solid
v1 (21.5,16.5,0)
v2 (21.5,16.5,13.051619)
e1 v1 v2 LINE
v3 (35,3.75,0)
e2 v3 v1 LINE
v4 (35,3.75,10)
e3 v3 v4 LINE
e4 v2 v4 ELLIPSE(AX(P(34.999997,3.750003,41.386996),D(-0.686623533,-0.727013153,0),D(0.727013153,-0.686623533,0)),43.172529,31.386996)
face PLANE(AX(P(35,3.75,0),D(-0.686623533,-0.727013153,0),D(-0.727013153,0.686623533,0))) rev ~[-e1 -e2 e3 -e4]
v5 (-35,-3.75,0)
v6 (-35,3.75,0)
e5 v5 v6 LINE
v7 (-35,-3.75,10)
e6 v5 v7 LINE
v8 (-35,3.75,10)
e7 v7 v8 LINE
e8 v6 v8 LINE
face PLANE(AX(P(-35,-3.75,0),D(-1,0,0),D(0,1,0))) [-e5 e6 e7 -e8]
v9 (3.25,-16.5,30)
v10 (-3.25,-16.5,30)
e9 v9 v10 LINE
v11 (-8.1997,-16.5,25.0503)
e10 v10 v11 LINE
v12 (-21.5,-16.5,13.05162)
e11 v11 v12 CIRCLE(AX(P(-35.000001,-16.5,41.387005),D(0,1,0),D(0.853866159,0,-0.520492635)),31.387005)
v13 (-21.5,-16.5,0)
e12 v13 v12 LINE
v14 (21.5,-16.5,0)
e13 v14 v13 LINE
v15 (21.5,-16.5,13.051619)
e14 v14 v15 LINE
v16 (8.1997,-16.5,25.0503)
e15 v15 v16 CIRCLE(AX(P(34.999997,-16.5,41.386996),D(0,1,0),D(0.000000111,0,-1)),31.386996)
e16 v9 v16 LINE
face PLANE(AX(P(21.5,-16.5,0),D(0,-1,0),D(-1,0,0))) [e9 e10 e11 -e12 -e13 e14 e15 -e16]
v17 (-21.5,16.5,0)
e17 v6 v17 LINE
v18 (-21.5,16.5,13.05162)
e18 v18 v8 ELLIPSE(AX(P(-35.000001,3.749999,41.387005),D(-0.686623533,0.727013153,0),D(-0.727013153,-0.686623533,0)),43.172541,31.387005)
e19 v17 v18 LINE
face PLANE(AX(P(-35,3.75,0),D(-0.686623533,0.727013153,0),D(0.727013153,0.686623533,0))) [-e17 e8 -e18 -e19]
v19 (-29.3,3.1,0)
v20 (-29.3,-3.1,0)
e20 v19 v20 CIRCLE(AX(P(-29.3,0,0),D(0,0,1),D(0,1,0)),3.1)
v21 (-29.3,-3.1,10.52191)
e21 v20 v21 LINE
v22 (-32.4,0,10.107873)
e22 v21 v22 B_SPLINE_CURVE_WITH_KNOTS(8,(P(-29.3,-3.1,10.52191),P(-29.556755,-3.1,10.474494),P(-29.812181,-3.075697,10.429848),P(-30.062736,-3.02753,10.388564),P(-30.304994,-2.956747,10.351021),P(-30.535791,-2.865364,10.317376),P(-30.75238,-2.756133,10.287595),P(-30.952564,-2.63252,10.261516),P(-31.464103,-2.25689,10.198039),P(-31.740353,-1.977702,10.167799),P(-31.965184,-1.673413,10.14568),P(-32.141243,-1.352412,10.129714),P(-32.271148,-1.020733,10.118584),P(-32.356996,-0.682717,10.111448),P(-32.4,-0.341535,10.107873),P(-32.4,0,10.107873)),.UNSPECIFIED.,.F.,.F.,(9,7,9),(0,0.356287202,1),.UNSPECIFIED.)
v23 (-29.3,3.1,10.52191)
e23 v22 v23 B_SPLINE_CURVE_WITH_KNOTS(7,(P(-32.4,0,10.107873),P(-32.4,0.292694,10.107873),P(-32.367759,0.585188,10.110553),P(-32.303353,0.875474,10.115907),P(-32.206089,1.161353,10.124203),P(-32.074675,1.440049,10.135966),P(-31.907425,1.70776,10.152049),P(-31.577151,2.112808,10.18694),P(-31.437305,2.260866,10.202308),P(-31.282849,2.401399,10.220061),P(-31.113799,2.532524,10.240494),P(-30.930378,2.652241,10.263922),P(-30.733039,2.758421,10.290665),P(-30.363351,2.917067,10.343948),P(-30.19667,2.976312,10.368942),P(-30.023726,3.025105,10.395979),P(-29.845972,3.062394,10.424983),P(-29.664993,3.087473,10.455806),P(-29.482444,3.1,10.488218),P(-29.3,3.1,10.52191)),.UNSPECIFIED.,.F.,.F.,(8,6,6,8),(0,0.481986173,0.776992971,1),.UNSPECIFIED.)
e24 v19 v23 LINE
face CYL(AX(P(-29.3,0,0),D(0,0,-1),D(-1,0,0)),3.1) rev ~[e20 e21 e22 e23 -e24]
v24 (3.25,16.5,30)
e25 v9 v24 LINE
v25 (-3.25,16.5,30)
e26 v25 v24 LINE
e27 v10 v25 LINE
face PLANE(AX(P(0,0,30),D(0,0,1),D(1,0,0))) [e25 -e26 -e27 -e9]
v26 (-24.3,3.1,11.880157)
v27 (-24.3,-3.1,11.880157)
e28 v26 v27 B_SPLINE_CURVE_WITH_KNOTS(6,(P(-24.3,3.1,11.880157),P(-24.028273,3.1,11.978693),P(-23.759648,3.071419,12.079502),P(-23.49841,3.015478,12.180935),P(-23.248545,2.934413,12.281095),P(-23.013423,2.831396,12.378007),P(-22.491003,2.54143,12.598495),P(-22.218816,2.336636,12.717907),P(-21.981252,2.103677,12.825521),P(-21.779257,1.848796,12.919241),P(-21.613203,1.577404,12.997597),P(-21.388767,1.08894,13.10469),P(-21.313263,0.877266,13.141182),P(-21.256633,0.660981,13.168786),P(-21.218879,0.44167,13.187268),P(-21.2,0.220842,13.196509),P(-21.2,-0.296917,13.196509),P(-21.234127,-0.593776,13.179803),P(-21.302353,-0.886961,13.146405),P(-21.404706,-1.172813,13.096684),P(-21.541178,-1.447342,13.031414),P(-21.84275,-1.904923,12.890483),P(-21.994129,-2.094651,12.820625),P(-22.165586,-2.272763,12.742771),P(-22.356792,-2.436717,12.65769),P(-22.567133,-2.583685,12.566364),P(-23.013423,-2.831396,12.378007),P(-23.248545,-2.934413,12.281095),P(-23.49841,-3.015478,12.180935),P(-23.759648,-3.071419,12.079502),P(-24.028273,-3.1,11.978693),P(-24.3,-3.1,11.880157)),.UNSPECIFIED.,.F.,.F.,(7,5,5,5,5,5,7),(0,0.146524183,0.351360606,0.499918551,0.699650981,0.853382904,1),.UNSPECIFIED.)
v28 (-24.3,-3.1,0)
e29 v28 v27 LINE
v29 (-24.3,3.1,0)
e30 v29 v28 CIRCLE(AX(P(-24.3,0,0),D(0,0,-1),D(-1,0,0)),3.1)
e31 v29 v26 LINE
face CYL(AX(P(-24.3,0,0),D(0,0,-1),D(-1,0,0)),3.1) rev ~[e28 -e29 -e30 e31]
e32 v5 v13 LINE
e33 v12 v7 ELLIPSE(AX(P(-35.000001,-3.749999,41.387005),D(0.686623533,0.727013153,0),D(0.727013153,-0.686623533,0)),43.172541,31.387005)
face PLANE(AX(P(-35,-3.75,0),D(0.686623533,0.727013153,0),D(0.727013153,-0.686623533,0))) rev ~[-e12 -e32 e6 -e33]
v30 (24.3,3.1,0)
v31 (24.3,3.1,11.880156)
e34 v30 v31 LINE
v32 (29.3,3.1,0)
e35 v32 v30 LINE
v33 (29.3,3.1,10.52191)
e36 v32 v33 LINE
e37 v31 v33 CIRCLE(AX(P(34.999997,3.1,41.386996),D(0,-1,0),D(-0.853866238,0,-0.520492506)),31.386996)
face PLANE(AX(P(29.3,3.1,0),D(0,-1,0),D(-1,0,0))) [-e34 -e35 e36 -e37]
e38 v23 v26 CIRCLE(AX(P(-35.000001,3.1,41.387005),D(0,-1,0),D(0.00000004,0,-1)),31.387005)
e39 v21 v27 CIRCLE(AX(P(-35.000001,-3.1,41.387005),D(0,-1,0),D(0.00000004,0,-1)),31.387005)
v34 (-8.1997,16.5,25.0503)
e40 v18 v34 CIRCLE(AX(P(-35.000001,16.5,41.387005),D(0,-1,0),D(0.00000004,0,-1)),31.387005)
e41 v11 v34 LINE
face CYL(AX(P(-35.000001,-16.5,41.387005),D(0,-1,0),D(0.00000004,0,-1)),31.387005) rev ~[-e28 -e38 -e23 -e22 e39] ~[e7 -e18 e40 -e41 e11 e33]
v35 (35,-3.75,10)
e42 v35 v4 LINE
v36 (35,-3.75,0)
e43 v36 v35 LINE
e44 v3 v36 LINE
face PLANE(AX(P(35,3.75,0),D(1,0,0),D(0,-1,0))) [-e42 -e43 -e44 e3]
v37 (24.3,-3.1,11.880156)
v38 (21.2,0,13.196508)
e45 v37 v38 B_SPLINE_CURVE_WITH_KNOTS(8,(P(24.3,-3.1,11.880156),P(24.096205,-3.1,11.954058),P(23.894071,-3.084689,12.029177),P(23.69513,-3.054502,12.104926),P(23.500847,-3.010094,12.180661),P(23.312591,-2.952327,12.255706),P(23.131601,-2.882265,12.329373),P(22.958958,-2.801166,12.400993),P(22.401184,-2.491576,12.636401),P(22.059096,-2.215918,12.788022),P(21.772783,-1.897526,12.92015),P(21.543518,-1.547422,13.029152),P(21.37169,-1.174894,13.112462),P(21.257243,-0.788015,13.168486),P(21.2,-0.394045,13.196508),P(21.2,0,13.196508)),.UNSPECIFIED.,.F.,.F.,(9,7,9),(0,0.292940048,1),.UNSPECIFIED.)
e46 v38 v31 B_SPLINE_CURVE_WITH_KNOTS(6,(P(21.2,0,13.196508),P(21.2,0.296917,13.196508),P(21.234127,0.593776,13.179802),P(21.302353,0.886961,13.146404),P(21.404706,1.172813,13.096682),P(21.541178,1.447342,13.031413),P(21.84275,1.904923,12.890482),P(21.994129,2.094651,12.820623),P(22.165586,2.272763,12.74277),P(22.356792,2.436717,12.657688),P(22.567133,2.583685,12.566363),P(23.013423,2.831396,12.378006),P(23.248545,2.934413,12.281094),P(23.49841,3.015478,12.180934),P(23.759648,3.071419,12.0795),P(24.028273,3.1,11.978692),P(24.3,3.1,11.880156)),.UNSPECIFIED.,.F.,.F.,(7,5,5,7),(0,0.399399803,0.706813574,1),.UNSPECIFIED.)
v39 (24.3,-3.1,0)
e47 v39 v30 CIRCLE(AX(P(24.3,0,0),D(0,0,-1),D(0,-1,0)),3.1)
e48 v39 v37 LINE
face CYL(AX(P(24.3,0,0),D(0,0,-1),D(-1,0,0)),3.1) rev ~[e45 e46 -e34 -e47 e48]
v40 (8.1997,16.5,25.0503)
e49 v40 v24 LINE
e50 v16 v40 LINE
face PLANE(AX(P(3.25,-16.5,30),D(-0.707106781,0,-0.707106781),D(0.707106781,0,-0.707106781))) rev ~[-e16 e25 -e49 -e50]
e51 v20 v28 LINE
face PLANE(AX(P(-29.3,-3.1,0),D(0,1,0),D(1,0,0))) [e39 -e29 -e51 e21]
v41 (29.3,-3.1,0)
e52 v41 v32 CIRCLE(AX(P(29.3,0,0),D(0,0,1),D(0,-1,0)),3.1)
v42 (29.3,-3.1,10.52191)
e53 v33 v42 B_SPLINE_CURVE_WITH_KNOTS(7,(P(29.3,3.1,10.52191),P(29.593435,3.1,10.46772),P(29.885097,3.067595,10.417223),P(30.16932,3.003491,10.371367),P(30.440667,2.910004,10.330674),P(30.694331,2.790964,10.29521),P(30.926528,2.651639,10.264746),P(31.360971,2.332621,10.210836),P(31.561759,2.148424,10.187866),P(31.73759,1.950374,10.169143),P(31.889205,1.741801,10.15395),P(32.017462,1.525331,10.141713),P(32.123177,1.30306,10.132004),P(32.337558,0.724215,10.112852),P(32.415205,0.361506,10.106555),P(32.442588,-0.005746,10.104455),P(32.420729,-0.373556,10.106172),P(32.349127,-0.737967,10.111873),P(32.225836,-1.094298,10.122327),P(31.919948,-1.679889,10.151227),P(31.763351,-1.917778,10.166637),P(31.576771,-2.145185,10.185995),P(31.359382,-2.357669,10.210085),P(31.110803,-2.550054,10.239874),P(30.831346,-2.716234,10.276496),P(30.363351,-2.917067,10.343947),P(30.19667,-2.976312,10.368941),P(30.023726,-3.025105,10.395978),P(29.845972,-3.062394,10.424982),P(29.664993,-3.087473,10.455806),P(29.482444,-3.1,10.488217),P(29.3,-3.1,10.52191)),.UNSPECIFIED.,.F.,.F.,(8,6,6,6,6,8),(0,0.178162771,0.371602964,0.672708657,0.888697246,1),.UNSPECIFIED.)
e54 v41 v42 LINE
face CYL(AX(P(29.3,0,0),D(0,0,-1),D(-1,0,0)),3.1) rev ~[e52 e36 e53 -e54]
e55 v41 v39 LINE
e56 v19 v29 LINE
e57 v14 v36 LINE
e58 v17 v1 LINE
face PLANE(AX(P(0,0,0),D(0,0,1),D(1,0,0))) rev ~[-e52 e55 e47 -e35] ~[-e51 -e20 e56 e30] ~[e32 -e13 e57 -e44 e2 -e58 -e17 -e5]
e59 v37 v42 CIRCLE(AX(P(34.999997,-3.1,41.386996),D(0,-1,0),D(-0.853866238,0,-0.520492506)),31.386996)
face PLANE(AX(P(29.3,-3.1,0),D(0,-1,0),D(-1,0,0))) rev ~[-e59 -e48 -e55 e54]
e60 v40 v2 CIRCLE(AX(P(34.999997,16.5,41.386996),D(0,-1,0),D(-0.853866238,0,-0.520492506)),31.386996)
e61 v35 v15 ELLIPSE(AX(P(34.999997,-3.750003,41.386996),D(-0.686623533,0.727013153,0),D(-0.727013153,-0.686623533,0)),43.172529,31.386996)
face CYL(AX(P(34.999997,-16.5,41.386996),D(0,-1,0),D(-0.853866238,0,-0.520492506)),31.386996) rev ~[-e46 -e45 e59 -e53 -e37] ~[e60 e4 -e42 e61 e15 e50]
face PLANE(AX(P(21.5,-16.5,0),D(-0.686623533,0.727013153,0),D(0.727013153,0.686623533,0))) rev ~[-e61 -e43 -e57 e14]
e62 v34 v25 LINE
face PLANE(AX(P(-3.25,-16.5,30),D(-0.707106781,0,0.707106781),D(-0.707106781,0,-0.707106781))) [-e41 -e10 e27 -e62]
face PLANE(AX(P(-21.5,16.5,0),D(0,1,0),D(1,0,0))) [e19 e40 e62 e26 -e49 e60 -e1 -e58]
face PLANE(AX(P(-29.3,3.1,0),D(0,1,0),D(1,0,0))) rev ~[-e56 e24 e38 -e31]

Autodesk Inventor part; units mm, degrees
ref_plane "YZ Plane" through (0, 0, 0) normal (1, 0, 0) x (0, 1, 0)
ref_plane "XZ Plane" through (0, 0, 0) normal (0, 1, 0) x (-1, 0, 0)
ref_plane "XY Plane" through (0, 0, 0) normal (0, 0, 1) x (1, 0, 0)
sketch "Sketch1" plane through (0, 0, 0) normal (0, 0, 1) x (1, 0, 0)
  line L0 (35, -3.75) -> (-35, -3.75)
  line L1 (-35, -3.75) -> (-35, 3.75)
  line L2 (-35, 3.75) -> (35, 3.75)
  line L3 (35, 3.75) -> (35, -3.75)
  line L4 (35, -3.75) -> (-35, 3.75) construction
  line L5 (-35, -3.75) -> (35, 3.75) construction
  line L6 (21.5, -16.5) -> (-21.5, -16.5)
  line L7 (-21.5, -16.5) -> (-21.5, 16.5)
  line L8 (-21.5, 16.5) -> (21.5, 16.5)
  line L9 (21.5, 16.5) -> (21.5, -16.5)
  line L10 (21.5, -16.5) -> (-21.5, 16.5) construction
  line L11 (-21.5, -16.5) -> (21.5, 16.5) construction
  line L12 (-35, -3.75) -> (-21.5, -16.5)
  line L13 (-35, 3.75) -> (-21.5, 16.5)
  arc A0 (32.3113, 4.5234) -> (35, 3.75) centre (34.605, 7.4371) ccw
  line L14 (21.5, -16.5) -> (35, -3.75)
  line L15 (35, 3.75) -> (21.5, 16.5)
  point P0 (0, 0)
  dimension "d0" = 70
  dimension "d1" = 7.5
  dimension "d2" = 43
  dimension "d3" = 33
extrude "Extrusion1" add sketch "Sketch1" along normal blind 30
sketch "Sketch2" plane through (-21.5, -16.5, 0) normal (0, -1, 0) x (1, 0, 0)
  line L0 (43, 30) -> (0, 30) projected
  line L1 (43, 0) -> (0, 0) projected
  line L2 (0, 30) -> (43, 30)
  line L3 (43, 30) -> (43, 0)
  line L4 (43, 0) -> (0, 0)
  line L5 (0, 0) -> (0, 30)
  line L6 (21.5, 30) -> (24.75, 30)
  line L7 (56.5, 0) -> (56.5, 30) projected
  line L8 (56.5, 0) -> (56.5, 10)
  line L9 (24.75, 30) -> (29.6997, 25.0503)
  arc A0 (29.6997, 25.0503) -> (56.5, 10) centre (56.5, 41.387) ccw
  arc A1 (55.355, 10.0209) -> (56.5, 10) centre (56.5, 41.387) ccw
  line L10 (56.5, 10) -> (46.9475, 10)
  line L11 (21.5, 30) -> (21.5, 26.75)
  line L12 (21.5, 30) -> (18.25, 30)
  line L13 (-13.5, 0) -> (-13.5, 30)
  line L14 (18.25, 30) -> (13.3003, 25.0503)
  arc A2 (-13.5, 10) -> (13.3003, 25.0503) centre (-13.5, 41.387) ccw
  line L15 (43, 30) -> (56.5, 30) projected
  line L16 (43, 0) -> (43, 30) projected
  line L17 (56.5, 30) -> (43, 30) projected
  line L18 (43, 0) -> (43, 30) projected
  line L19 (56.5, 0) -> (43, 0) projected
  line L20 (56.5, 0) -> (56.5, 30) projected
  line L21 (43, 0) -> (56.5, 0) projected
  line L22 (43, 0) -> (56.5, 0) projected
  line L23 (56.5, 0) -> (56.5, 30) projected
  line L24 (43, 30) -> (56.5, 30) projected
  line L25 (43, 0) -> (43, 30) projected
  line L26 (56.5, 0) -> (56.5, 30) projected
  line L27 (56.5, 0) -> (56.5, 30) projected
  line L28 (56.5, 0) -> (43, 0) projected
  line L29 (43, 0) -> (43, 30) projected
  line L30 (56.5, 30) -> (43, 30) projected
  line L31 (56.5, 0) -> (56.5, 30) projected
  line L32 (43, 0) -> (56.5, 0) projected
  line L33 (0, 0) -> (43, 0) projected
  line L34 (-13.5, 0) -> (0, 0) projected
  line L35 (0, 0) -> (-13.5, 0) projected
  line L36 (43, 0) -> (0, 0) projected
  line L37 (56.5, 0) -> (43, 0) projected
  line L38 (43, 30) -> (56.5, 30) projected
  line L39 (56.5, 30) -> (43, 30) projected
  line L40 (43, 30) -> (0, 30) projected
  line L41 (0, 30) -> (-13.5, 30) projected
  line L42 (-13.5, 30) -> (0, 30) projected
  line L43 (0, 30) -> (43, 30) projected
  line L44 (0, 30) -> (43, 30) projected
  line L45 (0, 0) -> (43, 0) projected
  line L46 (43, 0) -> (0, 0) projected
  line L47 (0, 0) -> (0, 30) projected
  line L48 (43, 30) -> (0, 30) projected
  line L49 (43, 0) -> (43, 30) projected
  line L50 (0, 0) -> (43, 0) projected
  line L51 (43, 0) -> (43, 30) projected
  line L52 (0, 30) -> (43, 30) projected
  line L53 (0, 0) -> (0, 30) projected
  line L54 (0, 0) -> (0, 30) projected
  line L55 (0, 0) -> (0, 30) projected
  line L56 (0, 0) -> (-13.5, 0) projected
  line L57 (-13.5, 0) -> (-13.5, 30) projected
  line L58 (-13.5, 0) -> (-13.5, 30) projected
  line L59 (-13.5, 0) -> (0, 0) projected
  line L60 (0, 0) -> (-13.5, 0) projected
  line L61 (-13.5, 0) -> (-13.5, 30) projected
  line L62 (0, 30) -> (-13.5, 30) projected
  line L63 (0, 0) -> (0, 30) projected
  line L64 (-13.5, 0) -> (-13.5, 30) projected
  line L65 (-13.5, 0) -> (-13.5, 30) projected
  line L66 (-13.5, 0) -> (0, 0) projected
  line L67 (0, 0) -> (0, 30) projected
  line L68 (-13.5, 30) -> (0, 30) projected
  line L69 (-13.5, 0) -> (-13.5, 30) projected
  line L70 (-13.5, 30) -> (0, 30) projected
  line L71 (0, 30) -> (-13.5, 30) projected
  point P0 (21.5, 0)
  dimension "d6" = 3.25
  dimension "d7" = 10
  dimension "d8" = 7
  dimension "d9" = 45
extrude "Extrusion2" cut sketch "Sketch2" against normal blind 36.35 contours L3 A0 L9 L0 | L15 L7 A0 L3 | L14 A2 L5 L0 | L5 A2 L13 L41
sketch "Sketch3" plane through (0, 0, 0) normal (0, 0, -1) x (-1, 0, 0)
  line L0 (35, 3.75) -> (35, -3.75) projected
  circle A0 centre (29.3, 0) radius 3.1
  line L1 (32.4, 0) -> (24.3, 0)
  circle A1 centre (24.3, 0) radius 3.1
  line L2 (29.3, -3.1) -> (24.3, -3.1)
  line L3 (29.3, 3.1) -> (24.3, 3.1)
  line L4 (0, 0) -> (0, -2.435)
  circle A2 centre (-29.3, 0) radius 3.1
  line L5 (-32.4, 0) -> (-24.3, 0)
  circle A3 centre (-24.3, 0) radius 3.1
  line L6 (-29.3, -3.1) -> (-24.3, -3.1)
  line L7 (-29.3, 3.1) -> (-24.3, 3.1)
  dimension "d12" = 5.7
  dimension "d13" = 6.2
  dimension "d14" = 8.1
  dimension "d15" = 6.2
extrude "Extrusion3" cut sketch "Sketch3" against normal blind 36.35
properties part number "scanner"
